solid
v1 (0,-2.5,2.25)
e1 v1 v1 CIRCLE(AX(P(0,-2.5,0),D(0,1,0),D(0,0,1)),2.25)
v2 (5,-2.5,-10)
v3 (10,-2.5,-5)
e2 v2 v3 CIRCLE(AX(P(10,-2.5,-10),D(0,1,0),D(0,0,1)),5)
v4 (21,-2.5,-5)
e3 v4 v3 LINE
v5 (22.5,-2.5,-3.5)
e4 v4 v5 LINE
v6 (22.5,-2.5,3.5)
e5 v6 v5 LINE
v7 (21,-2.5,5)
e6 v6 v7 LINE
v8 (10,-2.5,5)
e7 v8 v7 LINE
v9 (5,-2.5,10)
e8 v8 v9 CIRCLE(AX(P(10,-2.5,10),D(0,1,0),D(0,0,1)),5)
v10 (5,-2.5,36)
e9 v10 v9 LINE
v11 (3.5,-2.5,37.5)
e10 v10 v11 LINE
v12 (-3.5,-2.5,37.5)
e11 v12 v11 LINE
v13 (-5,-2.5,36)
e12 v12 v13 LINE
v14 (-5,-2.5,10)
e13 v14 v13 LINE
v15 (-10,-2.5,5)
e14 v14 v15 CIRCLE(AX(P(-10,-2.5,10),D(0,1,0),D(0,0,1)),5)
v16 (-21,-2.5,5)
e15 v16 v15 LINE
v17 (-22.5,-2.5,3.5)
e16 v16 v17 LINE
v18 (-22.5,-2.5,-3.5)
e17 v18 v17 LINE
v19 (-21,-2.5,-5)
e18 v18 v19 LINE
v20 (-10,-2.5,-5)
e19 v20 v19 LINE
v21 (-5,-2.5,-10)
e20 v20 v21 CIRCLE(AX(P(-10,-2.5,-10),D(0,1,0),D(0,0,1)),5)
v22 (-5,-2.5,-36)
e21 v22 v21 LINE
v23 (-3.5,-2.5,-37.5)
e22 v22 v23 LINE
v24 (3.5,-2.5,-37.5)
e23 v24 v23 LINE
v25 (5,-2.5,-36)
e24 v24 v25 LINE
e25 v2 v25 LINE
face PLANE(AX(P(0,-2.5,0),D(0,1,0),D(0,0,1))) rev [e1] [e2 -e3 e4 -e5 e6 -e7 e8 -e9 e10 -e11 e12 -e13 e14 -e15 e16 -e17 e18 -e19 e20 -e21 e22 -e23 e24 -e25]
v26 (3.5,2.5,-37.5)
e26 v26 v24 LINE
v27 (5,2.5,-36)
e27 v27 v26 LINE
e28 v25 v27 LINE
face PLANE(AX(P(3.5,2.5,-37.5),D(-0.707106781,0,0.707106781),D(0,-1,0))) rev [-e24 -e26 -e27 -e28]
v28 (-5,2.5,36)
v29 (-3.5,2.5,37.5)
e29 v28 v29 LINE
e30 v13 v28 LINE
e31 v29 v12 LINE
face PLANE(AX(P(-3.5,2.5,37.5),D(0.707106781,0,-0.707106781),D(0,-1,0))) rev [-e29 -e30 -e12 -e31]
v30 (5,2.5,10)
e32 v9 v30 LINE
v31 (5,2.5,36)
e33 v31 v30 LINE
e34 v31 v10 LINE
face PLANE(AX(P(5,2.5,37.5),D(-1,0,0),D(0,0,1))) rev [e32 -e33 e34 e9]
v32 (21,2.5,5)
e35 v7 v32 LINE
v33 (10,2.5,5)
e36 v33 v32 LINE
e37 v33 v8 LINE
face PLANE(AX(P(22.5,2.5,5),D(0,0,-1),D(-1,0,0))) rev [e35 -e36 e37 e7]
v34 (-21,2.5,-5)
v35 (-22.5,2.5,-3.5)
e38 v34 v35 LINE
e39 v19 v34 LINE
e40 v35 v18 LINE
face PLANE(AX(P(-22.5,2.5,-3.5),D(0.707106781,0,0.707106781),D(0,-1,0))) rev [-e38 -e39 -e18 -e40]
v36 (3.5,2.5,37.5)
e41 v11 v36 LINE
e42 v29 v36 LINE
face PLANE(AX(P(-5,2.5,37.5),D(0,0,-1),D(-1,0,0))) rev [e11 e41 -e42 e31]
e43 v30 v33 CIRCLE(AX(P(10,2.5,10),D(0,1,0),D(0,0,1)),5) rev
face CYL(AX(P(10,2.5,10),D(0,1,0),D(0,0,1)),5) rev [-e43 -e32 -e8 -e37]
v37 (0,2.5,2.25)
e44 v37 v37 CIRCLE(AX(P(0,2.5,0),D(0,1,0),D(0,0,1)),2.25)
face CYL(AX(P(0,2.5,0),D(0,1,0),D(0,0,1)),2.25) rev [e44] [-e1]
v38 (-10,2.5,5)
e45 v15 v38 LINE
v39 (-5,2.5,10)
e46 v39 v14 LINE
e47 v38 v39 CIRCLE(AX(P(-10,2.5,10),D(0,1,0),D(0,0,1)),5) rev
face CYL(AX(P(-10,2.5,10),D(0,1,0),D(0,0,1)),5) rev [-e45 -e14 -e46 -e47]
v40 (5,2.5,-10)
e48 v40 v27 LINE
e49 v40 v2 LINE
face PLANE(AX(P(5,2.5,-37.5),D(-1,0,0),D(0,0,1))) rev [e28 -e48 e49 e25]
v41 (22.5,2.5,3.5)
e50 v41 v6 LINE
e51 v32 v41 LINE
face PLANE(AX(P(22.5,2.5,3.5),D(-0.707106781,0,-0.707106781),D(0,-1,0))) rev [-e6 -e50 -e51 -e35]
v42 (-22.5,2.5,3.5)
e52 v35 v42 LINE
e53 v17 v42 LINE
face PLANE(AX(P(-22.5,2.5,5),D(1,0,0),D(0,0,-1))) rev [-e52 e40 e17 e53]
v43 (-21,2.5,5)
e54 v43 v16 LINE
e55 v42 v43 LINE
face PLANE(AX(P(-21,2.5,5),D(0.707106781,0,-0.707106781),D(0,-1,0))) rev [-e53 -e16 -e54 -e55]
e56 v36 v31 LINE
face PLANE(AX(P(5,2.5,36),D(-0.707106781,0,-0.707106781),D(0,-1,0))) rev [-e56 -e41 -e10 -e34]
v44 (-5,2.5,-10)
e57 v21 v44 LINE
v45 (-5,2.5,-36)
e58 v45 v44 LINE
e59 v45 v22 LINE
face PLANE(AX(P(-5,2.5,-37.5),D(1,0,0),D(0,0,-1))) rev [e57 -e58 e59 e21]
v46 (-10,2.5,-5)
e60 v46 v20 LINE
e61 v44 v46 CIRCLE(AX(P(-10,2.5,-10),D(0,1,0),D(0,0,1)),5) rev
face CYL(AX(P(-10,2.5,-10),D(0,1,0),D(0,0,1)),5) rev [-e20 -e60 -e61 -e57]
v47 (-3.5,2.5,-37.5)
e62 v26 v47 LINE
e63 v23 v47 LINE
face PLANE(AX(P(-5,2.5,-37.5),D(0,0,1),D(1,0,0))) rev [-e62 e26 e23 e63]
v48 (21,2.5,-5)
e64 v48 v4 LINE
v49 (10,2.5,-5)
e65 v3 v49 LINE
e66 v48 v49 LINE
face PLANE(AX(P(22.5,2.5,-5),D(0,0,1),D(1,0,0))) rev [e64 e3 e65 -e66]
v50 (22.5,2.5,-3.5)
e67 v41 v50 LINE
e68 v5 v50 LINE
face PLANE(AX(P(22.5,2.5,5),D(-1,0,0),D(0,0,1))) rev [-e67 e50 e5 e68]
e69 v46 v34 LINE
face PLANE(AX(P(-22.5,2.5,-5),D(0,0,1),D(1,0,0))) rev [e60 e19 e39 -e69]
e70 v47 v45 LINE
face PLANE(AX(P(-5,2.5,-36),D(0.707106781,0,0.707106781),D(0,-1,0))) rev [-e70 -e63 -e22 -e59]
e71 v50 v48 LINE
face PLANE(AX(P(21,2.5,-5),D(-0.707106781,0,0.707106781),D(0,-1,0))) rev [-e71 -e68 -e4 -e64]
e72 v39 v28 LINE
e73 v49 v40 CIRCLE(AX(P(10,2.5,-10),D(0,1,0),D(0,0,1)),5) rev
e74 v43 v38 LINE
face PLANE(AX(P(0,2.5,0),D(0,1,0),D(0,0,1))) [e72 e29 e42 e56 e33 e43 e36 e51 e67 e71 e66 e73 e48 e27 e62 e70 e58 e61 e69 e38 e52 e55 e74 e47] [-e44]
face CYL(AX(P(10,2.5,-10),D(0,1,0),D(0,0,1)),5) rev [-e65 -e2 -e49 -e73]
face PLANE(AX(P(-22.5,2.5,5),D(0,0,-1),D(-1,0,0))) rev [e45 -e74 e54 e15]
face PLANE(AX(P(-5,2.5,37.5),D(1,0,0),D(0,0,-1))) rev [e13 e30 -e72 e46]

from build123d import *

# Parameters (mm, degrees)
BOSS_EXTRUDE1_DEPTH      = 2.5
FILLET1_R                = 5
CHAMFER1_SIZE            = 1.5
M4_CLEARANCE_HOLE1_D     = 4.5
M4_CLEARANCE_HOLE1_DEPTH = 5.2
M4_CLEARANCE_HOLE1_TIP   = 1.351936393


with BuildPart() as part:
    # Sketch2 → Boss-Extrude1 (new, symmetric)
    with BuildSketch(Plane(origin=(0, 0, 0), x_dir=(1, 0, 0), z_dir=(0, 1, 0))):
        Polygon((-5, 37.5), (5, 37.5), (5, 5), (22.5, 5), (22.5, -5), (5, -5), (5, -37.5), (-5, -37.5), (-5, -5), (-22.5, -5), (-22.5, 5), (-5, 5), align=None)
    extrude(amount=BOSS_EXTRUDE1_DEPTH, both=True)

    # Fillet1
    fillet1_edges = [part.edges().sort_by_distance(p)[0] for p in [
        (5, 0, 5),
        (-5, 0, 5),
        (-5, 0, -5),
        (5, 0, -5),
    ]]
    fillet(fillet1_edges, radius=FILLET1_R)

    # Chamfer1
    chamfer1_edges = [part.edges().sort_by_distance(p)[0] for p in [
        (22.5, 0, -5),
        (22.5, 0, 5),
        (5, 0, 37.5),
        (-5, 0, 37.5),
        (-22.5, 0, 5),
        (-22.5, 0, -5),
        (-5, 0, -37.5),
        (5, 0, -37.5),
    ]]
    chamfer(chamfer1_edges, length=CHAMFER1_SIZE)

    # M4 Clearance Hole1
    with Locations(Plane(origin=(0, 2.5, 0), x_dir=(1, 0, 0), z_dir=(0, 1, 0))):
        with Locations((0, 0)):
            Hole(M4_CLEARANCE_HOLE1_D / 2, depth=M4_CLEARANCE_HOLE1_DEPTH)
            with Locations((0, 0, -(M4_CLEARANCE_HOLE1_DEPTH + M4_CLEARANCE_HOLE1_TIP / 2))):  # 118° drill point
                Cone(0, M4_CLEARANCE_HOLE1_D / 2, M4_CLEARANCE_HOLE1_TIP, mode=Mode.SUBTRACT)


solid = part.part
